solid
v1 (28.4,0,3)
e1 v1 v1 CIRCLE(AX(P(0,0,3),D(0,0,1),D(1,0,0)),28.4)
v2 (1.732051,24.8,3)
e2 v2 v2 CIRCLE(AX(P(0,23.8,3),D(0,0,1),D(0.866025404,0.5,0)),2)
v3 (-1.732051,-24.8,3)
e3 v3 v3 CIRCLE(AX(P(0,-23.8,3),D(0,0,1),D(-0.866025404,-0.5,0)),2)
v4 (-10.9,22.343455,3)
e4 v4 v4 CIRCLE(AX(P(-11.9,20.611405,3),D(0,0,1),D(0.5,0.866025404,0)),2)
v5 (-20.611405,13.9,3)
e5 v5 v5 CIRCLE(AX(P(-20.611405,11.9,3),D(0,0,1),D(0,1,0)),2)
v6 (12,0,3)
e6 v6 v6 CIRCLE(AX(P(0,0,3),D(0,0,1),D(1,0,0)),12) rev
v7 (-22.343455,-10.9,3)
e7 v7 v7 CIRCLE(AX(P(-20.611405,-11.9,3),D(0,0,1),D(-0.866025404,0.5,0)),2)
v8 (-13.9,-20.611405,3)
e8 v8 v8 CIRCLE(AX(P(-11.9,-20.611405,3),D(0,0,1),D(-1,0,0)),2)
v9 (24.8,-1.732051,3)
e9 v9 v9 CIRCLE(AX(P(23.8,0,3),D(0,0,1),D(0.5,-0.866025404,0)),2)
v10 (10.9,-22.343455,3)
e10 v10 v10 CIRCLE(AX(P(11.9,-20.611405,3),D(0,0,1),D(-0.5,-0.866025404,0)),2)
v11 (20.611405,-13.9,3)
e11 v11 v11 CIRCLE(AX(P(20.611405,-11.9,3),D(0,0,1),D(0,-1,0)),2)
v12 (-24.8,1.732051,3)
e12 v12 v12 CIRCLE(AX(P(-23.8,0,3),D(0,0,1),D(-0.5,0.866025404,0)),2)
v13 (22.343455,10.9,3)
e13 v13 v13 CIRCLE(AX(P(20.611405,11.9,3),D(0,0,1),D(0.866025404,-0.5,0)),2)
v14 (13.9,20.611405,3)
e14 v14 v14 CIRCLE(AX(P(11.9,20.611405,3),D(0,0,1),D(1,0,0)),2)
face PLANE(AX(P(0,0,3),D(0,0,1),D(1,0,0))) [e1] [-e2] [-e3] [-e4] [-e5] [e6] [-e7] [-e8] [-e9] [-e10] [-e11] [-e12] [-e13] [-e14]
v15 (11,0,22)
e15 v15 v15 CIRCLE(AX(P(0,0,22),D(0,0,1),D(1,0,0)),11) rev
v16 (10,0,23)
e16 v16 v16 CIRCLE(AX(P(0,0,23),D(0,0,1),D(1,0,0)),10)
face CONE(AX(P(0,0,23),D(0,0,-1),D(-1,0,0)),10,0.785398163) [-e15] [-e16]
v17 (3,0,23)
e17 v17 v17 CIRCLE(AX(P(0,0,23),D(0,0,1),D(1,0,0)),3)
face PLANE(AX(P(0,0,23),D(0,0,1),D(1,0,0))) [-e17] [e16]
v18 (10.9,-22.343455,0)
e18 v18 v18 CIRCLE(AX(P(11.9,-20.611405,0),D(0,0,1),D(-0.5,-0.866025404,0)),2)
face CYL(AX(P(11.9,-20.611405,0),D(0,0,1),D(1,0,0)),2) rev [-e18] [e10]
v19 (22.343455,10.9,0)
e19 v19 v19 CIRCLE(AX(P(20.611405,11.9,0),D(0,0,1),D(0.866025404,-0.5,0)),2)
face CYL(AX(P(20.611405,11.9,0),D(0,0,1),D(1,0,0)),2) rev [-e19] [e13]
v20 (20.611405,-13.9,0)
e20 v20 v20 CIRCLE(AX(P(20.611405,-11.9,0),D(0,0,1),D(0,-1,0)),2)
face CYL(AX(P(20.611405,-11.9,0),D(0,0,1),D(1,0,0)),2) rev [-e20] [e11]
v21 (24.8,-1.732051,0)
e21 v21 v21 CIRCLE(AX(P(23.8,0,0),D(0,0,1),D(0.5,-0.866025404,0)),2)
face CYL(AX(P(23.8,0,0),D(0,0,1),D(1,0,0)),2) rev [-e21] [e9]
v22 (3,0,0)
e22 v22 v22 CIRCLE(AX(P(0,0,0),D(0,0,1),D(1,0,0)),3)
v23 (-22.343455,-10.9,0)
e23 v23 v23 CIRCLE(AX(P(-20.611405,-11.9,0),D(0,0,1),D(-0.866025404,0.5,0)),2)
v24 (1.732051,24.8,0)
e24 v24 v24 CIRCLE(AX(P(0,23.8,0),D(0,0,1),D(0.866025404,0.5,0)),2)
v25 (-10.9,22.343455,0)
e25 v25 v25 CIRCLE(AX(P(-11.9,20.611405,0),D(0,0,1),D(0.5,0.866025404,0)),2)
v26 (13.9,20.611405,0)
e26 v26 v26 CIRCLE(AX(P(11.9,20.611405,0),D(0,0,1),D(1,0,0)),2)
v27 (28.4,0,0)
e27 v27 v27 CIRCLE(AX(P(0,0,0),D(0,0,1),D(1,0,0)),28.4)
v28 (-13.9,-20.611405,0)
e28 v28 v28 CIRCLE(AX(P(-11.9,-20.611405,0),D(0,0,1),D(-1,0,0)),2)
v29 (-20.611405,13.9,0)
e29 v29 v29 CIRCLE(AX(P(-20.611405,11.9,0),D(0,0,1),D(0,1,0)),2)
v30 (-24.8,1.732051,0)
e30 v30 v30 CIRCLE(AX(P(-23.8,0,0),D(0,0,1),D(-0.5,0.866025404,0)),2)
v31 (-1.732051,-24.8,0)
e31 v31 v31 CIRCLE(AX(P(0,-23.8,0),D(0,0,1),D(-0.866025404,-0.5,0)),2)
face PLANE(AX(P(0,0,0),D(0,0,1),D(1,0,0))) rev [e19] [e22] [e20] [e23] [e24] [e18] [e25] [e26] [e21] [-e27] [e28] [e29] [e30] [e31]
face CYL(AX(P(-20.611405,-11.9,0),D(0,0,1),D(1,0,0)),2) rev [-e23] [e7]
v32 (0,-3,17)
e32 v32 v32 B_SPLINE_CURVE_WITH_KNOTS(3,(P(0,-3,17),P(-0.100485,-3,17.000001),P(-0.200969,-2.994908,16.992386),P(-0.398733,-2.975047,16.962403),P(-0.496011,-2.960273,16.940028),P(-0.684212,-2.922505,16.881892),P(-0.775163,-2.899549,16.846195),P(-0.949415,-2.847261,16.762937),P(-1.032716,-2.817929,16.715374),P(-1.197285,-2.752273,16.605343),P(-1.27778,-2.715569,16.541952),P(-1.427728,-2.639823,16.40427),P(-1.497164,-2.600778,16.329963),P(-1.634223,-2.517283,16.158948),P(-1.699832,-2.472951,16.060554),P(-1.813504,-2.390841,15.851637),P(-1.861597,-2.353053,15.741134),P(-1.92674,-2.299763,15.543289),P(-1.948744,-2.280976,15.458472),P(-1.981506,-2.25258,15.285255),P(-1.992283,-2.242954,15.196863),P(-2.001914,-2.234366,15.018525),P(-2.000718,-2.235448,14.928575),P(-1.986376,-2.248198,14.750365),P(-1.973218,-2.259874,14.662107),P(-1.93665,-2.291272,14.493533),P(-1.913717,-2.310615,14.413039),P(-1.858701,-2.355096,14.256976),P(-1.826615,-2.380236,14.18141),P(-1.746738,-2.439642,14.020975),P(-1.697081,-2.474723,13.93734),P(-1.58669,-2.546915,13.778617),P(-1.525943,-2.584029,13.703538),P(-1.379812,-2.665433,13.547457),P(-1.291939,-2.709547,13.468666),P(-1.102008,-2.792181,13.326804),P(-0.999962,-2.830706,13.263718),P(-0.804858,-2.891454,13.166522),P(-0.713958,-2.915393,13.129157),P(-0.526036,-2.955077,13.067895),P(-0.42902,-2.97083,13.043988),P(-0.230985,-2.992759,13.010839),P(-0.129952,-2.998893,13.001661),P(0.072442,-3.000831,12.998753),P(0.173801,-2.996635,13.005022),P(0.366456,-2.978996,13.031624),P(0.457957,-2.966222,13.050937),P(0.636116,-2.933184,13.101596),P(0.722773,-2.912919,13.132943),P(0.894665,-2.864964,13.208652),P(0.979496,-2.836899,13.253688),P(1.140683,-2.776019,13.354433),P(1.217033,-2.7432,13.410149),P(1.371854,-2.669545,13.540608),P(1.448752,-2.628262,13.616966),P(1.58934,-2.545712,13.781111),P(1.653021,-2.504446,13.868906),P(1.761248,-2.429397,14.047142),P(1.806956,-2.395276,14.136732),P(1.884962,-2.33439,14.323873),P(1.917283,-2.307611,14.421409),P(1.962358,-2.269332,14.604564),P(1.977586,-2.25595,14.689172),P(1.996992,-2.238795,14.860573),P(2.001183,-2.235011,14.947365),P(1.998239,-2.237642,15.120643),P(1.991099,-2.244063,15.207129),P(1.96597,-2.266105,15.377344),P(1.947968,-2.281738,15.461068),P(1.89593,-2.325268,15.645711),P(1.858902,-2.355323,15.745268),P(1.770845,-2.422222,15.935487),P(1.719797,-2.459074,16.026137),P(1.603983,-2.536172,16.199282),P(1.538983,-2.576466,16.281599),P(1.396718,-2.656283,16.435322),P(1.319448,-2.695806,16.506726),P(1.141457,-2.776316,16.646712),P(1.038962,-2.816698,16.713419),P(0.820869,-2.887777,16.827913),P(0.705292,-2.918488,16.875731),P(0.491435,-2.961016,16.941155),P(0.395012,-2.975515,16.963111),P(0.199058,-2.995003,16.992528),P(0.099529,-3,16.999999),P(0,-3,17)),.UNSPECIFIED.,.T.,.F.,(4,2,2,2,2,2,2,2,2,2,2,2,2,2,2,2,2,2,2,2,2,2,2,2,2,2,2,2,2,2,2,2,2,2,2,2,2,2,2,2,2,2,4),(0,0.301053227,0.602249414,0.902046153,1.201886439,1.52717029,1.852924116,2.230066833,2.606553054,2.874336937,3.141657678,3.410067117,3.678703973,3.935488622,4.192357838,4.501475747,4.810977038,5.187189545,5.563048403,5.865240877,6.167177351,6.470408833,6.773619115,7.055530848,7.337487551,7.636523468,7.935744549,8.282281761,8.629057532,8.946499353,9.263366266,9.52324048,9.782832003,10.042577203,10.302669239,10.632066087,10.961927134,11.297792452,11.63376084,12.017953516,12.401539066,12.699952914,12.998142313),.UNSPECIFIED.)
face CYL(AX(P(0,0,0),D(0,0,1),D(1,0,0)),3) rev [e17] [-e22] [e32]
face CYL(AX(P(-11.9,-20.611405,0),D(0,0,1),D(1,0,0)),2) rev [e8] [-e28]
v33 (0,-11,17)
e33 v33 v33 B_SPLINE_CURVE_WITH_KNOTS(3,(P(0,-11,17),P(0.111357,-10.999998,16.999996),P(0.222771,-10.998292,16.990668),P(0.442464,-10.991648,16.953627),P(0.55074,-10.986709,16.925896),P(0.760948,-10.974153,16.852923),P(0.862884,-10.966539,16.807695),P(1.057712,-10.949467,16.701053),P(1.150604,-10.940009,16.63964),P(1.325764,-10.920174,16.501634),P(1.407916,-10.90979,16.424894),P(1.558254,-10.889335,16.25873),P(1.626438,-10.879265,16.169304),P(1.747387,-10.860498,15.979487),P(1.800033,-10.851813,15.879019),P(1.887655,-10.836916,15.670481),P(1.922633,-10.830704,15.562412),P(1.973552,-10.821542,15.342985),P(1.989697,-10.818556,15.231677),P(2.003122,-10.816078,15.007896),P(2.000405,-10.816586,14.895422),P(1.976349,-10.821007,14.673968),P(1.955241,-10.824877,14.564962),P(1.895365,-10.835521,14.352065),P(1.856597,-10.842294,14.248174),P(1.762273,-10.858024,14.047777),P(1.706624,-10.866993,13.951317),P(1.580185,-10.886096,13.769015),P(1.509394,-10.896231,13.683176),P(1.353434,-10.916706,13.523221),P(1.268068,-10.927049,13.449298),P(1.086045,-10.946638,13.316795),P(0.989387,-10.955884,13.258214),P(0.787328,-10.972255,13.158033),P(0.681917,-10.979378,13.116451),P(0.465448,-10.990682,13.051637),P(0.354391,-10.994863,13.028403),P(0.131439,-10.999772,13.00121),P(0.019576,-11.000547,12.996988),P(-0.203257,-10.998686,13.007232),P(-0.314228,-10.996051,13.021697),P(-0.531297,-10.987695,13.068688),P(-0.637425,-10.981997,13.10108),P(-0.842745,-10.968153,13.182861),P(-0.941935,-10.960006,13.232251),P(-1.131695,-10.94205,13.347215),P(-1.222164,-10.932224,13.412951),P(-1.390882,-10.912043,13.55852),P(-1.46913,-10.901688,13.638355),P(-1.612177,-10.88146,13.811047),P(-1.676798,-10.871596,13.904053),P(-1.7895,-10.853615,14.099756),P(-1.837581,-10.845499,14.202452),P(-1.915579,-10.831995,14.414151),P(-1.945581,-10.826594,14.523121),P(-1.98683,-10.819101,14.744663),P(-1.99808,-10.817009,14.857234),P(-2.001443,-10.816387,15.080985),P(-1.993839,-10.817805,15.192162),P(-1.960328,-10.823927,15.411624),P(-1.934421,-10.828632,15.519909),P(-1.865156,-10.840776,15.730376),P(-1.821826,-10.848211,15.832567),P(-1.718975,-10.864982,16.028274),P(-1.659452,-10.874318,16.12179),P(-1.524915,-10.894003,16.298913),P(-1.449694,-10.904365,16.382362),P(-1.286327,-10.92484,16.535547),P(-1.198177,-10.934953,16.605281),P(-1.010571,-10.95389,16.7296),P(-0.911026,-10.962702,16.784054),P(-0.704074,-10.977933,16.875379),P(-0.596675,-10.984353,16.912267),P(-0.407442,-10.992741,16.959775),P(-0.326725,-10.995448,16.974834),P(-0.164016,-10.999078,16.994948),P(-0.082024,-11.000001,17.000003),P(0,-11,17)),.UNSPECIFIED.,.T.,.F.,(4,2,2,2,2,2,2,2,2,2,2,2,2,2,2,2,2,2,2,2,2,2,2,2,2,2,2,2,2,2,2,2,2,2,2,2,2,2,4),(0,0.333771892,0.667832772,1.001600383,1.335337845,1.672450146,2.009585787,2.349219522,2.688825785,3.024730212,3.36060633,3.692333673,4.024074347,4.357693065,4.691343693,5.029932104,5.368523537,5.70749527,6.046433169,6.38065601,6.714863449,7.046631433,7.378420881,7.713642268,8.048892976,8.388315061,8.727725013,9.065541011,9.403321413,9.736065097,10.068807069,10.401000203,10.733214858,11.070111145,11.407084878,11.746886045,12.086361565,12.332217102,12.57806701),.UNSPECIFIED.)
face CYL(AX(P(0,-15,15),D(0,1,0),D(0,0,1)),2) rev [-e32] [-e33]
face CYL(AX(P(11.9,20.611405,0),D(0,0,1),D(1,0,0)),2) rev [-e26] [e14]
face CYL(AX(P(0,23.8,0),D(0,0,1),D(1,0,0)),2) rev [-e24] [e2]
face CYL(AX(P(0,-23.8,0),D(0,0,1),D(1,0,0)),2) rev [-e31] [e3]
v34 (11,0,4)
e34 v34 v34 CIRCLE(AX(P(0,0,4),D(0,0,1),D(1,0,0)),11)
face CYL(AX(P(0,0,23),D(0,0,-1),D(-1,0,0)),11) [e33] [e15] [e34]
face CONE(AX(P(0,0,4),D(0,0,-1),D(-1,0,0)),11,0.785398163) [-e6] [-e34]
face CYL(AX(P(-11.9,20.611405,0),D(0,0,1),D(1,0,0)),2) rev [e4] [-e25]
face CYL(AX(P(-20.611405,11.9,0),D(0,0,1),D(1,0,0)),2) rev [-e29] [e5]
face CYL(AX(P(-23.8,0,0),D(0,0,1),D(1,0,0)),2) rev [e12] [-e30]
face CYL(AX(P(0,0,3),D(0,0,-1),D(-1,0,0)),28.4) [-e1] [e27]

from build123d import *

# Parameters (mm, degrees)
SKETCH1_R           = 28.4
BOSS_EXTRUDE1_DEPTH = 3
SKETCH2_R           = 11
BOSS_EXTRUDE2_DEPTH = 20
SKETCH3_R           = 3
CUT_EXTRUDE1_DEPTH  = 24
SKETCH4_R           = 2
CUT_EXTRUDE2_DEPTH  = 15
CHAMFER1_SIZE       = 1
SKETCH5_R           = 2
CUT_EXTRUDE5_DEPTH  = 4.0000001
CIRPATTERN2_COUNT   = 12


with BuildPart() as part:
    # Sketch1 → Boss-Extrude1 (new body)
    with BuildSketch(Plane.XY):
        Circle(SKETCH1_R)
    extrude(amount=BOSS_EXTRUDE1_DEPTH)

    # Sketch2 → Boss-Extrude2 (add)
    with BuildSketch(Plane.XY.offset(3)):
        Circle(SKETCH2_R)
    extrude(amount=BOSS_EXTRUDE2_DEPTH)

    # Sketch3 → Cut-Extrude1 (cut, through all)
    with BuildSketch(Plane.XY.offset(23)):
        Circle(SKETCH3_R)
    extrude(amount=-CUT_EXTRUDE1_DEPTH, mode=Mode.SUBTRACT)

    # Sketch4 → Cut-Extrude2 (cut)
    with BuildSketch(Plane(origin=(0, 0, 0), x_dir=(1, 0, 0), z_dir=(0, 1, 0))):
        with Locations((0, -15)):
            Circle(SKETCH4_R)
    extrude(amount=-CUT_EXTRUDE2_DEPTH, mode=Mode.SUBTRACT)

    # Chamfer1
    chamfer1_edges = [part.edges().sort_by_distance(p)[0] for p in [
        (-11, 0, 3),
        (-11, 0, 23),
    ]]
    chamfer(chamfer1_edges, length=CHAMFER1_SIZE)

    # Sketch5 → Cut-Extrude5 (cut, through all)
    with BuildSketch(Plane.XY.offset(3)):
        with Locations((11.9, 20.61140461)):
            Circle(SKETCH5_R)
    cut_extrude5 = extrude(amount=-CUT_EXTRUDE5_DEPTH, mode=Mode.SUBTRACT)

    # CirPattern2: Cut-Extrude5 ×12 about axis
    cirpattern2_axis = Axis((0, 0, 0), (0, 0, 1))
    for i in range(1, CIRPATTERN2_COUNT):
        add(cut_extrude5.rotate(cirpattern2_axis, i * 360 / CIRPATTERN2_COUNT), mode=Mode.SUBTRACT)


solid = part.part
